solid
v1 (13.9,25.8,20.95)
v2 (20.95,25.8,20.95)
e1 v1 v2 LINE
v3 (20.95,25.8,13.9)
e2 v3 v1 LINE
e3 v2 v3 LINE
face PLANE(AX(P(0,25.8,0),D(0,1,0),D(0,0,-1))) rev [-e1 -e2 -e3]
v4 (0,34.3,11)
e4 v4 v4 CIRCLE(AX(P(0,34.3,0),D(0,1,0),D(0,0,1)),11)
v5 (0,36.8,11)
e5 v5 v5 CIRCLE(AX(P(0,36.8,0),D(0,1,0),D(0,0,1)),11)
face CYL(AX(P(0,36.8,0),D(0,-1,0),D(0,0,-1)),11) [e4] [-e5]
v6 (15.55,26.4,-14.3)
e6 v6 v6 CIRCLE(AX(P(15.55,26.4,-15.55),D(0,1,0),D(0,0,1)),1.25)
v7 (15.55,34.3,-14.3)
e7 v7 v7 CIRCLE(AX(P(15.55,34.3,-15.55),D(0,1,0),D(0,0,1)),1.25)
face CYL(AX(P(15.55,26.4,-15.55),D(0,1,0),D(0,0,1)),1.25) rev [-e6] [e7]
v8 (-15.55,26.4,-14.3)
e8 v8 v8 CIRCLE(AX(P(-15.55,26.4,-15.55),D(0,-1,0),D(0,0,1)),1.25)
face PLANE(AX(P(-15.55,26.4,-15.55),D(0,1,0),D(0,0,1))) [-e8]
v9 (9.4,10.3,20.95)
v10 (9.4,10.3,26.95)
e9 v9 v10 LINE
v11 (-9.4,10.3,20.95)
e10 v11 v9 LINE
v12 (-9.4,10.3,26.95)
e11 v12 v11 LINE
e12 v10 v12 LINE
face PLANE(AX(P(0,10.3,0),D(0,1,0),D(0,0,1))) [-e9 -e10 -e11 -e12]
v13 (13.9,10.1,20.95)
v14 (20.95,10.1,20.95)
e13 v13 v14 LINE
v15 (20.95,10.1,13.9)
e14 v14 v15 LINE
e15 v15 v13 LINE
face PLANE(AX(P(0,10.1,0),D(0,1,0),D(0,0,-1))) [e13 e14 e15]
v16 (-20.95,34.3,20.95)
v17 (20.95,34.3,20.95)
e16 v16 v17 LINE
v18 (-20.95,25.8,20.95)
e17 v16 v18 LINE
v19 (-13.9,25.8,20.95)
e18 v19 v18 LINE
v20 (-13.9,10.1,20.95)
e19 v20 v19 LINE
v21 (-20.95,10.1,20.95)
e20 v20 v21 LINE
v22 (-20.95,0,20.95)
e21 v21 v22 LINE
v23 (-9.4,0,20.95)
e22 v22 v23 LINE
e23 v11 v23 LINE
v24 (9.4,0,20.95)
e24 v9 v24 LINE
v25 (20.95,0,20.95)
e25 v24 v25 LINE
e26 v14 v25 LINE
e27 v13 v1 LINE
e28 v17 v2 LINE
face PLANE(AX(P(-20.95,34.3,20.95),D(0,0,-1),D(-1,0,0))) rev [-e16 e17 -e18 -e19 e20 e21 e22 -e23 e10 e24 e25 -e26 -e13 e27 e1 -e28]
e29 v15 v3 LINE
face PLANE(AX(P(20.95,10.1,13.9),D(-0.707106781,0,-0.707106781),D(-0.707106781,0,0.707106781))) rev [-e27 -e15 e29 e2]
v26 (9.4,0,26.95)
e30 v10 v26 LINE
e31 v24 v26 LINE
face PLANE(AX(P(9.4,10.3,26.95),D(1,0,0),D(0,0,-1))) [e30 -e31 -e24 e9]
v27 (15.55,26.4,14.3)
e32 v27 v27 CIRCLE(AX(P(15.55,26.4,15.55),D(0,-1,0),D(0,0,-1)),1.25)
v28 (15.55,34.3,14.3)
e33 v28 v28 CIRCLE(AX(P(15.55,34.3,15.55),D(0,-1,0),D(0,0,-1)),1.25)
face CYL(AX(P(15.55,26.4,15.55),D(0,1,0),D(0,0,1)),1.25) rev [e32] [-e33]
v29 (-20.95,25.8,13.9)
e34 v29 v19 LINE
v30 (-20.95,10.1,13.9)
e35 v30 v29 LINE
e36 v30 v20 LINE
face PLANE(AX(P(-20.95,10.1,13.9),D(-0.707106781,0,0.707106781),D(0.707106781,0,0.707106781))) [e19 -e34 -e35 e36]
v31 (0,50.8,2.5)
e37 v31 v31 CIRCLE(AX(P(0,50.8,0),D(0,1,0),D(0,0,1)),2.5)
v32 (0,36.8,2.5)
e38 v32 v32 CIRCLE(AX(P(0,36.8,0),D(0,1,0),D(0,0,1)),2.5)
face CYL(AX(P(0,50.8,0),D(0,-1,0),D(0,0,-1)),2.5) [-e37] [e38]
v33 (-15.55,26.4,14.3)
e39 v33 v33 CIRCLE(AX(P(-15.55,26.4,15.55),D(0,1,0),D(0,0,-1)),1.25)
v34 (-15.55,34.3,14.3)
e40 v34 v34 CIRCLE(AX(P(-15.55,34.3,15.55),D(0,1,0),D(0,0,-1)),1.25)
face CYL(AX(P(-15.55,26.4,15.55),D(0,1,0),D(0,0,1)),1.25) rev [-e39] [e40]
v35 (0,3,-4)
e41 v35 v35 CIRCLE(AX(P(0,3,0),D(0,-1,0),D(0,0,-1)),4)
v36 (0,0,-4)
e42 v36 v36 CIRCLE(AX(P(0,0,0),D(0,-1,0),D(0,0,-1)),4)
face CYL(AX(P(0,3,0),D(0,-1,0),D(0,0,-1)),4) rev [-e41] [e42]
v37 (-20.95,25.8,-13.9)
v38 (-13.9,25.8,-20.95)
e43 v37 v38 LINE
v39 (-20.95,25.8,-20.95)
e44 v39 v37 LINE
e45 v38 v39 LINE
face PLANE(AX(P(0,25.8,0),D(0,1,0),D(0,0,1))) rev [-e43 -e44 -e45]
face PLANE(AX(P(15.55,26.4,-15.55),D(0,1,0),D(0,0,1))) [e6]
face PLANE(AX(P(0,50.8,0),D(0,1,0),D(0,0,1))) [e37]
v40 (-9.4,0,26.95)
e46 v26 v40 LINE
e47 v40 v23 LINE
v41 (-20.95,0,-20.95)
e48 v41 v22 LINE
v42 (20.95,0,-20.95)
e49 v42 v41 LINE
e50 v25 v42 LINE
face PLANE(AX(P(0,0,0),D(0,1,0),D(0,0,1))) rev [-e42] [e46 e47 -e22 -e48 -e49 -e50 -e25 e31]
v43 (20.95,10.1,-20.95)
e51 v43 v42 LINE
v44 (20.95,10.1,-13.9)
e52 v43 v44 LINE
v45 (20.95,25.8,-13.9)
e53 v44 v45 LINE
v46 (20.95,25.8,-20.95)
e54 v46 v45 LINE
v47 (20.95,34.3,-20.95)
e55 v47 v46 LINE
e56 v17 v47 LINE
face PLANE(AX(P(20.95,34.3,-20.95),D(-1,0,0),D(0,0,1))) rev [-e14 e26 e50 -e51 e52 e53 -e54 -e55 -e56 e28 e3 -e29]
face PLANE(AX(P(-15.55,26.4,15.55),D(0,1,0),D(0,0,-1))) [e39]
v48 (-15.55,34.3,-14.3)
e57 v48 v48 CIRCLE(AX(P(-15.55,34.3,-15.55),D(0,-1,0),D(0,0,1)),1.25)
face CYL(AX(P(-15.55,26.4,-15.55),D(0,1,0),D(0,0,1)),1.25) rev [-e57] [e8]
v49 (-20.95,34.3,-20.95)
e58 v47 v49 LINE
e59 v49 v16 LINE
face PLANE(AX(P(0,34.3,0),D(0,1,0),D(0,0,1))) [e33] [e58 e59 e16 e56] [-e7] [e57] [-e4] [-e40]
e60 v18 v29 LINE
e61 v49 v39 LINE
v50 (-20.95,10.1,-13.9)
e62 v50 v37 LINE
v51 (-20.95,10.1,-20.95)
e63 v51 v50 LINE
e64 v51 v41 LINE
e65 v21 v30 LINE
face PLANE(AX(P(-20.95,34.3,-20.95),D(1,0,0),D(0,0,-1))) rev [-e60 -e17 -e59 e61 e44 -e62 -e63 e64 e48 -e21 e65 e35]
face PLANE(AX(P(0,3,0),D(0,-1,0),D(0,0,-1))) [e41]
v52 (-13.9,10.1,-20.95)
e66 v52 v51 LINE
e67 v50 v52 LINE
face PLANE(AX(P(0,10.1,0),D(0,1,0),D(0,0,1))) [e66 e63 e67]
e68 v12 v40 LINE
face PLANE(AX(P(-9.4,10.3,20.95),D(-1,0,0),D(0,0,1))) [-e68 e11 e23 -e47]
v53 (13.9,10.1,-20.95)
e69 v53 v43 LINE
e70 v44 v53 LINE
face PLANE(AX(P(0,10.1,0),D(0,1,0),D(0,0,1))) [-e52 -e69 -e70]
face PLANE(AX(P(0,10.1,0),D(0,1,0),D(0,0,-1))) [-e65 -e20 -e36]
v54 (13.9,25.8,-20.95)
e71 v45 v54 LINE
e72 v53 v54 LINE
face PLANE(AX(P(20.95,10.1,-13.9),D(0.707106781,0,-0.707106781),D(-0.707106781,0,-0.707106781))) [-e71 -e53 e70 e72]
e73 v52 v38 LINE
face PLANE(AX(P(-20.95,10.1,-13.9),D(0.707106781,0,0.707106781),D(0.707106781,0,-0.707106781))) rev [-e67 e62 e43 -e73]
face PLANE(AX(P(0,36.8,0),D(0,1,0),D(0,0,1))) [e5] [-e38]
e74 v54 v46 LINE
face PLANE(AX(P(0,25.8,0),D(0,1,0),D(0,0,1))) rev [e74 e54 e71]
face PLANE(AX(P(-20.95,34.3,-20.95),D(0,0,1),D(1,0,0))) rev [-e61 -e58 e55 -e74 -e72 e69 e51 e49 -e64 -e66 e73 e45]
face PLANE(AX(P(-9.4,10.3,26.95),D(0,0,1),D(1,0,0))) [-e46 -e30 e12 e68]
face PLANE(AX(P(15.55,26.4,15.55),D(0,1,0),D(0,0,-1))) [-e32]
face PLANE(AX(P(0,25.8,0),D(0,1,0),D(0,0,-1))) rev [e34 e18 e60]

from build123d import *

# Parameters (mm, degrees)
SKETCH1_W               = 41.9
SKETCH1_H               = 41.9
BOSS_EXTRUDE1_DEPTH     = 34.3
SKETCH2_R               = 11
BOSS_EXTRUDE2_DEPTH     = 2.5
SKETCH3_R               = 2.5
BOSS_EXTRUDE3_DEPTH     = 14
SKETCH4_R               = 1.25
CUT_EXTRUDE1_DEPTH      = 7.9
MIRROR2_COPY_1_SKETCH_R = 1.25
MIRROR2_COPY_1_DEPTH    = 7.9
CUT_EXTRUDE2_DEPTH      = 15.7
MIRROR4_COPY_1_DEPTH    = 15.7
BOSS_EXTRUDE4_DEPTH     = 10.3
SKETCH12_R              = 4
CUT_EXTRUDE3_DEPTH      = 3


with BuildPart() as part:
    # Sketch1 → Boss-Extrude1 (new body)
    with BuildSketch(Plane(origin=(0, 0, 0), x_dir=(1, 0, 0), z_dir=(0, 1, 0))):
        Rectangle(SKETCH1_W, SKETCH1_H)
    extrude(amount=BOSS_EXTRUDE1_DEPTH)

    # Sketch2 → Boss-Extrude2 (add)
    with BuildSketch(Plane(origin=(0, 34.3, 0), x_dir=(1, 0, 0), z_dir=(0, 1, 0))):
        Circle(SKETCH2_R)
    extrude(amount=BOSS_EXTRUDE2_DEPTH)

    # Sketch3 → Boss-Extrude3 (add)
    with BuildSketch(Plane(origin=(0, 36.8, 0), x_dir=(1, 0, 0), z_dir=(0, 1, 0))):
        Circle(SKETCH3_R)
    extrude(amount=BOSS_EXTRUDE3_DEPTH)

    # Sketch4 → Cut-Extrude1 (cut)
    with BuildSketch(Plane(origin=(0, 34.3, 0), x_dir=(1, 0, 0), z_dir=(0, 1, 0))):
        with Locations((15.55, 15.55)):
            Circle(SKETCH4_R)
    cut_extrude1 = extrude(amount=-CUT_EXTRUDE1_DEPTH, mode=Mode.SUBTRACT)

    # Mirror1: Cut-Extrude1 across plane
    add(cut_extrude1.mirror(Plane(origin=(0, 0, 0), x_dir=(0, 0, 1), z_dir=(1, 0, 0))), mode=Mode.SUBTRACT)

    # Mirror2: Cut-Extrude1 across plane
    add(cut_extrude1.mirror(Plane.XY), mode=Mode.SUBTRACT)

    # Mirror2 copy 1 sketch → Mirror2 copy 1 (cut)
    with BuildSketch(Plane(origin=(0, 34.3, 0), x_dir=(-1, 0, 0), z_dir=(0, 1, 0))):
        with Locations((15.55, 15.55)):
            Circle(MIRROR2_COPY_1_SKETCH_R)
    extrude(amount=-MIRROR2_COPY_1_DEPTH, mode=Mode.SUBTRACT)

    # Sketch10 → Cut-Extrude2 (cut)
    with BuildSketch(Plane(origin=(0, 25.8, 0), x_dir=(-1, 0, 0), z_dir=(0, -1, 0))):
        Polygon((-20.95, 13.9), (-13.9, 20.95), (-20.95, 20.95), align=None)
    cut_extrude2 = extrude(amount=CUT_EXTRUDE2_DEPTH, mode=Mode.SUBTRACT)

    # Mirror3: Cut-Extrude2 across plane
    add(cut_extrude2.mirror(Plane(origin=(0, 0, 0), x_dir=(0, 0, 1), z_dir=(1, 0, 0))), mode=Mode.SUBTRACT)

    # Mirror4: Cut-Extrude2 across plane
    add(cut_extrude2.mirror(Plane.XY), mode=Mode.SUBTRACT)

    # Mirror4 copy 1 sketch → Mirror4 copy 1 (cut)
    with BuildSketch(Plane.XZ.offset(-25.8)):
        Polygon((-20.95, 13.9), (-13.9, 20.95), (-20.95, 20.95), align=None)
    extrude(amount=MIRROR4_COPY_1_DEPTH, mode=Mode.SUBTRACT)

    # Sketch11 → Boss-Extrude4 (add)
    with BuildSketch(Plane.XZ):
        Polygon((0, 20.95), (9.4, 20.95), (9.4, 26.95), (-9.4, 26.95), (-9.4, 20.95), align=None)
    extrude(amount=-BOSS_EXTRUDE4_DEPTH)

    # Sketch12 → Cut-Extrude3 (cut)
    with BuildSketch(Plane.XZ):
        Circle(SKETCH12_R)
    extrude(amount=-CUT_EXTRUDE3_DEPTH, mode=Mode.SUBTRACT)


solid = part.part
